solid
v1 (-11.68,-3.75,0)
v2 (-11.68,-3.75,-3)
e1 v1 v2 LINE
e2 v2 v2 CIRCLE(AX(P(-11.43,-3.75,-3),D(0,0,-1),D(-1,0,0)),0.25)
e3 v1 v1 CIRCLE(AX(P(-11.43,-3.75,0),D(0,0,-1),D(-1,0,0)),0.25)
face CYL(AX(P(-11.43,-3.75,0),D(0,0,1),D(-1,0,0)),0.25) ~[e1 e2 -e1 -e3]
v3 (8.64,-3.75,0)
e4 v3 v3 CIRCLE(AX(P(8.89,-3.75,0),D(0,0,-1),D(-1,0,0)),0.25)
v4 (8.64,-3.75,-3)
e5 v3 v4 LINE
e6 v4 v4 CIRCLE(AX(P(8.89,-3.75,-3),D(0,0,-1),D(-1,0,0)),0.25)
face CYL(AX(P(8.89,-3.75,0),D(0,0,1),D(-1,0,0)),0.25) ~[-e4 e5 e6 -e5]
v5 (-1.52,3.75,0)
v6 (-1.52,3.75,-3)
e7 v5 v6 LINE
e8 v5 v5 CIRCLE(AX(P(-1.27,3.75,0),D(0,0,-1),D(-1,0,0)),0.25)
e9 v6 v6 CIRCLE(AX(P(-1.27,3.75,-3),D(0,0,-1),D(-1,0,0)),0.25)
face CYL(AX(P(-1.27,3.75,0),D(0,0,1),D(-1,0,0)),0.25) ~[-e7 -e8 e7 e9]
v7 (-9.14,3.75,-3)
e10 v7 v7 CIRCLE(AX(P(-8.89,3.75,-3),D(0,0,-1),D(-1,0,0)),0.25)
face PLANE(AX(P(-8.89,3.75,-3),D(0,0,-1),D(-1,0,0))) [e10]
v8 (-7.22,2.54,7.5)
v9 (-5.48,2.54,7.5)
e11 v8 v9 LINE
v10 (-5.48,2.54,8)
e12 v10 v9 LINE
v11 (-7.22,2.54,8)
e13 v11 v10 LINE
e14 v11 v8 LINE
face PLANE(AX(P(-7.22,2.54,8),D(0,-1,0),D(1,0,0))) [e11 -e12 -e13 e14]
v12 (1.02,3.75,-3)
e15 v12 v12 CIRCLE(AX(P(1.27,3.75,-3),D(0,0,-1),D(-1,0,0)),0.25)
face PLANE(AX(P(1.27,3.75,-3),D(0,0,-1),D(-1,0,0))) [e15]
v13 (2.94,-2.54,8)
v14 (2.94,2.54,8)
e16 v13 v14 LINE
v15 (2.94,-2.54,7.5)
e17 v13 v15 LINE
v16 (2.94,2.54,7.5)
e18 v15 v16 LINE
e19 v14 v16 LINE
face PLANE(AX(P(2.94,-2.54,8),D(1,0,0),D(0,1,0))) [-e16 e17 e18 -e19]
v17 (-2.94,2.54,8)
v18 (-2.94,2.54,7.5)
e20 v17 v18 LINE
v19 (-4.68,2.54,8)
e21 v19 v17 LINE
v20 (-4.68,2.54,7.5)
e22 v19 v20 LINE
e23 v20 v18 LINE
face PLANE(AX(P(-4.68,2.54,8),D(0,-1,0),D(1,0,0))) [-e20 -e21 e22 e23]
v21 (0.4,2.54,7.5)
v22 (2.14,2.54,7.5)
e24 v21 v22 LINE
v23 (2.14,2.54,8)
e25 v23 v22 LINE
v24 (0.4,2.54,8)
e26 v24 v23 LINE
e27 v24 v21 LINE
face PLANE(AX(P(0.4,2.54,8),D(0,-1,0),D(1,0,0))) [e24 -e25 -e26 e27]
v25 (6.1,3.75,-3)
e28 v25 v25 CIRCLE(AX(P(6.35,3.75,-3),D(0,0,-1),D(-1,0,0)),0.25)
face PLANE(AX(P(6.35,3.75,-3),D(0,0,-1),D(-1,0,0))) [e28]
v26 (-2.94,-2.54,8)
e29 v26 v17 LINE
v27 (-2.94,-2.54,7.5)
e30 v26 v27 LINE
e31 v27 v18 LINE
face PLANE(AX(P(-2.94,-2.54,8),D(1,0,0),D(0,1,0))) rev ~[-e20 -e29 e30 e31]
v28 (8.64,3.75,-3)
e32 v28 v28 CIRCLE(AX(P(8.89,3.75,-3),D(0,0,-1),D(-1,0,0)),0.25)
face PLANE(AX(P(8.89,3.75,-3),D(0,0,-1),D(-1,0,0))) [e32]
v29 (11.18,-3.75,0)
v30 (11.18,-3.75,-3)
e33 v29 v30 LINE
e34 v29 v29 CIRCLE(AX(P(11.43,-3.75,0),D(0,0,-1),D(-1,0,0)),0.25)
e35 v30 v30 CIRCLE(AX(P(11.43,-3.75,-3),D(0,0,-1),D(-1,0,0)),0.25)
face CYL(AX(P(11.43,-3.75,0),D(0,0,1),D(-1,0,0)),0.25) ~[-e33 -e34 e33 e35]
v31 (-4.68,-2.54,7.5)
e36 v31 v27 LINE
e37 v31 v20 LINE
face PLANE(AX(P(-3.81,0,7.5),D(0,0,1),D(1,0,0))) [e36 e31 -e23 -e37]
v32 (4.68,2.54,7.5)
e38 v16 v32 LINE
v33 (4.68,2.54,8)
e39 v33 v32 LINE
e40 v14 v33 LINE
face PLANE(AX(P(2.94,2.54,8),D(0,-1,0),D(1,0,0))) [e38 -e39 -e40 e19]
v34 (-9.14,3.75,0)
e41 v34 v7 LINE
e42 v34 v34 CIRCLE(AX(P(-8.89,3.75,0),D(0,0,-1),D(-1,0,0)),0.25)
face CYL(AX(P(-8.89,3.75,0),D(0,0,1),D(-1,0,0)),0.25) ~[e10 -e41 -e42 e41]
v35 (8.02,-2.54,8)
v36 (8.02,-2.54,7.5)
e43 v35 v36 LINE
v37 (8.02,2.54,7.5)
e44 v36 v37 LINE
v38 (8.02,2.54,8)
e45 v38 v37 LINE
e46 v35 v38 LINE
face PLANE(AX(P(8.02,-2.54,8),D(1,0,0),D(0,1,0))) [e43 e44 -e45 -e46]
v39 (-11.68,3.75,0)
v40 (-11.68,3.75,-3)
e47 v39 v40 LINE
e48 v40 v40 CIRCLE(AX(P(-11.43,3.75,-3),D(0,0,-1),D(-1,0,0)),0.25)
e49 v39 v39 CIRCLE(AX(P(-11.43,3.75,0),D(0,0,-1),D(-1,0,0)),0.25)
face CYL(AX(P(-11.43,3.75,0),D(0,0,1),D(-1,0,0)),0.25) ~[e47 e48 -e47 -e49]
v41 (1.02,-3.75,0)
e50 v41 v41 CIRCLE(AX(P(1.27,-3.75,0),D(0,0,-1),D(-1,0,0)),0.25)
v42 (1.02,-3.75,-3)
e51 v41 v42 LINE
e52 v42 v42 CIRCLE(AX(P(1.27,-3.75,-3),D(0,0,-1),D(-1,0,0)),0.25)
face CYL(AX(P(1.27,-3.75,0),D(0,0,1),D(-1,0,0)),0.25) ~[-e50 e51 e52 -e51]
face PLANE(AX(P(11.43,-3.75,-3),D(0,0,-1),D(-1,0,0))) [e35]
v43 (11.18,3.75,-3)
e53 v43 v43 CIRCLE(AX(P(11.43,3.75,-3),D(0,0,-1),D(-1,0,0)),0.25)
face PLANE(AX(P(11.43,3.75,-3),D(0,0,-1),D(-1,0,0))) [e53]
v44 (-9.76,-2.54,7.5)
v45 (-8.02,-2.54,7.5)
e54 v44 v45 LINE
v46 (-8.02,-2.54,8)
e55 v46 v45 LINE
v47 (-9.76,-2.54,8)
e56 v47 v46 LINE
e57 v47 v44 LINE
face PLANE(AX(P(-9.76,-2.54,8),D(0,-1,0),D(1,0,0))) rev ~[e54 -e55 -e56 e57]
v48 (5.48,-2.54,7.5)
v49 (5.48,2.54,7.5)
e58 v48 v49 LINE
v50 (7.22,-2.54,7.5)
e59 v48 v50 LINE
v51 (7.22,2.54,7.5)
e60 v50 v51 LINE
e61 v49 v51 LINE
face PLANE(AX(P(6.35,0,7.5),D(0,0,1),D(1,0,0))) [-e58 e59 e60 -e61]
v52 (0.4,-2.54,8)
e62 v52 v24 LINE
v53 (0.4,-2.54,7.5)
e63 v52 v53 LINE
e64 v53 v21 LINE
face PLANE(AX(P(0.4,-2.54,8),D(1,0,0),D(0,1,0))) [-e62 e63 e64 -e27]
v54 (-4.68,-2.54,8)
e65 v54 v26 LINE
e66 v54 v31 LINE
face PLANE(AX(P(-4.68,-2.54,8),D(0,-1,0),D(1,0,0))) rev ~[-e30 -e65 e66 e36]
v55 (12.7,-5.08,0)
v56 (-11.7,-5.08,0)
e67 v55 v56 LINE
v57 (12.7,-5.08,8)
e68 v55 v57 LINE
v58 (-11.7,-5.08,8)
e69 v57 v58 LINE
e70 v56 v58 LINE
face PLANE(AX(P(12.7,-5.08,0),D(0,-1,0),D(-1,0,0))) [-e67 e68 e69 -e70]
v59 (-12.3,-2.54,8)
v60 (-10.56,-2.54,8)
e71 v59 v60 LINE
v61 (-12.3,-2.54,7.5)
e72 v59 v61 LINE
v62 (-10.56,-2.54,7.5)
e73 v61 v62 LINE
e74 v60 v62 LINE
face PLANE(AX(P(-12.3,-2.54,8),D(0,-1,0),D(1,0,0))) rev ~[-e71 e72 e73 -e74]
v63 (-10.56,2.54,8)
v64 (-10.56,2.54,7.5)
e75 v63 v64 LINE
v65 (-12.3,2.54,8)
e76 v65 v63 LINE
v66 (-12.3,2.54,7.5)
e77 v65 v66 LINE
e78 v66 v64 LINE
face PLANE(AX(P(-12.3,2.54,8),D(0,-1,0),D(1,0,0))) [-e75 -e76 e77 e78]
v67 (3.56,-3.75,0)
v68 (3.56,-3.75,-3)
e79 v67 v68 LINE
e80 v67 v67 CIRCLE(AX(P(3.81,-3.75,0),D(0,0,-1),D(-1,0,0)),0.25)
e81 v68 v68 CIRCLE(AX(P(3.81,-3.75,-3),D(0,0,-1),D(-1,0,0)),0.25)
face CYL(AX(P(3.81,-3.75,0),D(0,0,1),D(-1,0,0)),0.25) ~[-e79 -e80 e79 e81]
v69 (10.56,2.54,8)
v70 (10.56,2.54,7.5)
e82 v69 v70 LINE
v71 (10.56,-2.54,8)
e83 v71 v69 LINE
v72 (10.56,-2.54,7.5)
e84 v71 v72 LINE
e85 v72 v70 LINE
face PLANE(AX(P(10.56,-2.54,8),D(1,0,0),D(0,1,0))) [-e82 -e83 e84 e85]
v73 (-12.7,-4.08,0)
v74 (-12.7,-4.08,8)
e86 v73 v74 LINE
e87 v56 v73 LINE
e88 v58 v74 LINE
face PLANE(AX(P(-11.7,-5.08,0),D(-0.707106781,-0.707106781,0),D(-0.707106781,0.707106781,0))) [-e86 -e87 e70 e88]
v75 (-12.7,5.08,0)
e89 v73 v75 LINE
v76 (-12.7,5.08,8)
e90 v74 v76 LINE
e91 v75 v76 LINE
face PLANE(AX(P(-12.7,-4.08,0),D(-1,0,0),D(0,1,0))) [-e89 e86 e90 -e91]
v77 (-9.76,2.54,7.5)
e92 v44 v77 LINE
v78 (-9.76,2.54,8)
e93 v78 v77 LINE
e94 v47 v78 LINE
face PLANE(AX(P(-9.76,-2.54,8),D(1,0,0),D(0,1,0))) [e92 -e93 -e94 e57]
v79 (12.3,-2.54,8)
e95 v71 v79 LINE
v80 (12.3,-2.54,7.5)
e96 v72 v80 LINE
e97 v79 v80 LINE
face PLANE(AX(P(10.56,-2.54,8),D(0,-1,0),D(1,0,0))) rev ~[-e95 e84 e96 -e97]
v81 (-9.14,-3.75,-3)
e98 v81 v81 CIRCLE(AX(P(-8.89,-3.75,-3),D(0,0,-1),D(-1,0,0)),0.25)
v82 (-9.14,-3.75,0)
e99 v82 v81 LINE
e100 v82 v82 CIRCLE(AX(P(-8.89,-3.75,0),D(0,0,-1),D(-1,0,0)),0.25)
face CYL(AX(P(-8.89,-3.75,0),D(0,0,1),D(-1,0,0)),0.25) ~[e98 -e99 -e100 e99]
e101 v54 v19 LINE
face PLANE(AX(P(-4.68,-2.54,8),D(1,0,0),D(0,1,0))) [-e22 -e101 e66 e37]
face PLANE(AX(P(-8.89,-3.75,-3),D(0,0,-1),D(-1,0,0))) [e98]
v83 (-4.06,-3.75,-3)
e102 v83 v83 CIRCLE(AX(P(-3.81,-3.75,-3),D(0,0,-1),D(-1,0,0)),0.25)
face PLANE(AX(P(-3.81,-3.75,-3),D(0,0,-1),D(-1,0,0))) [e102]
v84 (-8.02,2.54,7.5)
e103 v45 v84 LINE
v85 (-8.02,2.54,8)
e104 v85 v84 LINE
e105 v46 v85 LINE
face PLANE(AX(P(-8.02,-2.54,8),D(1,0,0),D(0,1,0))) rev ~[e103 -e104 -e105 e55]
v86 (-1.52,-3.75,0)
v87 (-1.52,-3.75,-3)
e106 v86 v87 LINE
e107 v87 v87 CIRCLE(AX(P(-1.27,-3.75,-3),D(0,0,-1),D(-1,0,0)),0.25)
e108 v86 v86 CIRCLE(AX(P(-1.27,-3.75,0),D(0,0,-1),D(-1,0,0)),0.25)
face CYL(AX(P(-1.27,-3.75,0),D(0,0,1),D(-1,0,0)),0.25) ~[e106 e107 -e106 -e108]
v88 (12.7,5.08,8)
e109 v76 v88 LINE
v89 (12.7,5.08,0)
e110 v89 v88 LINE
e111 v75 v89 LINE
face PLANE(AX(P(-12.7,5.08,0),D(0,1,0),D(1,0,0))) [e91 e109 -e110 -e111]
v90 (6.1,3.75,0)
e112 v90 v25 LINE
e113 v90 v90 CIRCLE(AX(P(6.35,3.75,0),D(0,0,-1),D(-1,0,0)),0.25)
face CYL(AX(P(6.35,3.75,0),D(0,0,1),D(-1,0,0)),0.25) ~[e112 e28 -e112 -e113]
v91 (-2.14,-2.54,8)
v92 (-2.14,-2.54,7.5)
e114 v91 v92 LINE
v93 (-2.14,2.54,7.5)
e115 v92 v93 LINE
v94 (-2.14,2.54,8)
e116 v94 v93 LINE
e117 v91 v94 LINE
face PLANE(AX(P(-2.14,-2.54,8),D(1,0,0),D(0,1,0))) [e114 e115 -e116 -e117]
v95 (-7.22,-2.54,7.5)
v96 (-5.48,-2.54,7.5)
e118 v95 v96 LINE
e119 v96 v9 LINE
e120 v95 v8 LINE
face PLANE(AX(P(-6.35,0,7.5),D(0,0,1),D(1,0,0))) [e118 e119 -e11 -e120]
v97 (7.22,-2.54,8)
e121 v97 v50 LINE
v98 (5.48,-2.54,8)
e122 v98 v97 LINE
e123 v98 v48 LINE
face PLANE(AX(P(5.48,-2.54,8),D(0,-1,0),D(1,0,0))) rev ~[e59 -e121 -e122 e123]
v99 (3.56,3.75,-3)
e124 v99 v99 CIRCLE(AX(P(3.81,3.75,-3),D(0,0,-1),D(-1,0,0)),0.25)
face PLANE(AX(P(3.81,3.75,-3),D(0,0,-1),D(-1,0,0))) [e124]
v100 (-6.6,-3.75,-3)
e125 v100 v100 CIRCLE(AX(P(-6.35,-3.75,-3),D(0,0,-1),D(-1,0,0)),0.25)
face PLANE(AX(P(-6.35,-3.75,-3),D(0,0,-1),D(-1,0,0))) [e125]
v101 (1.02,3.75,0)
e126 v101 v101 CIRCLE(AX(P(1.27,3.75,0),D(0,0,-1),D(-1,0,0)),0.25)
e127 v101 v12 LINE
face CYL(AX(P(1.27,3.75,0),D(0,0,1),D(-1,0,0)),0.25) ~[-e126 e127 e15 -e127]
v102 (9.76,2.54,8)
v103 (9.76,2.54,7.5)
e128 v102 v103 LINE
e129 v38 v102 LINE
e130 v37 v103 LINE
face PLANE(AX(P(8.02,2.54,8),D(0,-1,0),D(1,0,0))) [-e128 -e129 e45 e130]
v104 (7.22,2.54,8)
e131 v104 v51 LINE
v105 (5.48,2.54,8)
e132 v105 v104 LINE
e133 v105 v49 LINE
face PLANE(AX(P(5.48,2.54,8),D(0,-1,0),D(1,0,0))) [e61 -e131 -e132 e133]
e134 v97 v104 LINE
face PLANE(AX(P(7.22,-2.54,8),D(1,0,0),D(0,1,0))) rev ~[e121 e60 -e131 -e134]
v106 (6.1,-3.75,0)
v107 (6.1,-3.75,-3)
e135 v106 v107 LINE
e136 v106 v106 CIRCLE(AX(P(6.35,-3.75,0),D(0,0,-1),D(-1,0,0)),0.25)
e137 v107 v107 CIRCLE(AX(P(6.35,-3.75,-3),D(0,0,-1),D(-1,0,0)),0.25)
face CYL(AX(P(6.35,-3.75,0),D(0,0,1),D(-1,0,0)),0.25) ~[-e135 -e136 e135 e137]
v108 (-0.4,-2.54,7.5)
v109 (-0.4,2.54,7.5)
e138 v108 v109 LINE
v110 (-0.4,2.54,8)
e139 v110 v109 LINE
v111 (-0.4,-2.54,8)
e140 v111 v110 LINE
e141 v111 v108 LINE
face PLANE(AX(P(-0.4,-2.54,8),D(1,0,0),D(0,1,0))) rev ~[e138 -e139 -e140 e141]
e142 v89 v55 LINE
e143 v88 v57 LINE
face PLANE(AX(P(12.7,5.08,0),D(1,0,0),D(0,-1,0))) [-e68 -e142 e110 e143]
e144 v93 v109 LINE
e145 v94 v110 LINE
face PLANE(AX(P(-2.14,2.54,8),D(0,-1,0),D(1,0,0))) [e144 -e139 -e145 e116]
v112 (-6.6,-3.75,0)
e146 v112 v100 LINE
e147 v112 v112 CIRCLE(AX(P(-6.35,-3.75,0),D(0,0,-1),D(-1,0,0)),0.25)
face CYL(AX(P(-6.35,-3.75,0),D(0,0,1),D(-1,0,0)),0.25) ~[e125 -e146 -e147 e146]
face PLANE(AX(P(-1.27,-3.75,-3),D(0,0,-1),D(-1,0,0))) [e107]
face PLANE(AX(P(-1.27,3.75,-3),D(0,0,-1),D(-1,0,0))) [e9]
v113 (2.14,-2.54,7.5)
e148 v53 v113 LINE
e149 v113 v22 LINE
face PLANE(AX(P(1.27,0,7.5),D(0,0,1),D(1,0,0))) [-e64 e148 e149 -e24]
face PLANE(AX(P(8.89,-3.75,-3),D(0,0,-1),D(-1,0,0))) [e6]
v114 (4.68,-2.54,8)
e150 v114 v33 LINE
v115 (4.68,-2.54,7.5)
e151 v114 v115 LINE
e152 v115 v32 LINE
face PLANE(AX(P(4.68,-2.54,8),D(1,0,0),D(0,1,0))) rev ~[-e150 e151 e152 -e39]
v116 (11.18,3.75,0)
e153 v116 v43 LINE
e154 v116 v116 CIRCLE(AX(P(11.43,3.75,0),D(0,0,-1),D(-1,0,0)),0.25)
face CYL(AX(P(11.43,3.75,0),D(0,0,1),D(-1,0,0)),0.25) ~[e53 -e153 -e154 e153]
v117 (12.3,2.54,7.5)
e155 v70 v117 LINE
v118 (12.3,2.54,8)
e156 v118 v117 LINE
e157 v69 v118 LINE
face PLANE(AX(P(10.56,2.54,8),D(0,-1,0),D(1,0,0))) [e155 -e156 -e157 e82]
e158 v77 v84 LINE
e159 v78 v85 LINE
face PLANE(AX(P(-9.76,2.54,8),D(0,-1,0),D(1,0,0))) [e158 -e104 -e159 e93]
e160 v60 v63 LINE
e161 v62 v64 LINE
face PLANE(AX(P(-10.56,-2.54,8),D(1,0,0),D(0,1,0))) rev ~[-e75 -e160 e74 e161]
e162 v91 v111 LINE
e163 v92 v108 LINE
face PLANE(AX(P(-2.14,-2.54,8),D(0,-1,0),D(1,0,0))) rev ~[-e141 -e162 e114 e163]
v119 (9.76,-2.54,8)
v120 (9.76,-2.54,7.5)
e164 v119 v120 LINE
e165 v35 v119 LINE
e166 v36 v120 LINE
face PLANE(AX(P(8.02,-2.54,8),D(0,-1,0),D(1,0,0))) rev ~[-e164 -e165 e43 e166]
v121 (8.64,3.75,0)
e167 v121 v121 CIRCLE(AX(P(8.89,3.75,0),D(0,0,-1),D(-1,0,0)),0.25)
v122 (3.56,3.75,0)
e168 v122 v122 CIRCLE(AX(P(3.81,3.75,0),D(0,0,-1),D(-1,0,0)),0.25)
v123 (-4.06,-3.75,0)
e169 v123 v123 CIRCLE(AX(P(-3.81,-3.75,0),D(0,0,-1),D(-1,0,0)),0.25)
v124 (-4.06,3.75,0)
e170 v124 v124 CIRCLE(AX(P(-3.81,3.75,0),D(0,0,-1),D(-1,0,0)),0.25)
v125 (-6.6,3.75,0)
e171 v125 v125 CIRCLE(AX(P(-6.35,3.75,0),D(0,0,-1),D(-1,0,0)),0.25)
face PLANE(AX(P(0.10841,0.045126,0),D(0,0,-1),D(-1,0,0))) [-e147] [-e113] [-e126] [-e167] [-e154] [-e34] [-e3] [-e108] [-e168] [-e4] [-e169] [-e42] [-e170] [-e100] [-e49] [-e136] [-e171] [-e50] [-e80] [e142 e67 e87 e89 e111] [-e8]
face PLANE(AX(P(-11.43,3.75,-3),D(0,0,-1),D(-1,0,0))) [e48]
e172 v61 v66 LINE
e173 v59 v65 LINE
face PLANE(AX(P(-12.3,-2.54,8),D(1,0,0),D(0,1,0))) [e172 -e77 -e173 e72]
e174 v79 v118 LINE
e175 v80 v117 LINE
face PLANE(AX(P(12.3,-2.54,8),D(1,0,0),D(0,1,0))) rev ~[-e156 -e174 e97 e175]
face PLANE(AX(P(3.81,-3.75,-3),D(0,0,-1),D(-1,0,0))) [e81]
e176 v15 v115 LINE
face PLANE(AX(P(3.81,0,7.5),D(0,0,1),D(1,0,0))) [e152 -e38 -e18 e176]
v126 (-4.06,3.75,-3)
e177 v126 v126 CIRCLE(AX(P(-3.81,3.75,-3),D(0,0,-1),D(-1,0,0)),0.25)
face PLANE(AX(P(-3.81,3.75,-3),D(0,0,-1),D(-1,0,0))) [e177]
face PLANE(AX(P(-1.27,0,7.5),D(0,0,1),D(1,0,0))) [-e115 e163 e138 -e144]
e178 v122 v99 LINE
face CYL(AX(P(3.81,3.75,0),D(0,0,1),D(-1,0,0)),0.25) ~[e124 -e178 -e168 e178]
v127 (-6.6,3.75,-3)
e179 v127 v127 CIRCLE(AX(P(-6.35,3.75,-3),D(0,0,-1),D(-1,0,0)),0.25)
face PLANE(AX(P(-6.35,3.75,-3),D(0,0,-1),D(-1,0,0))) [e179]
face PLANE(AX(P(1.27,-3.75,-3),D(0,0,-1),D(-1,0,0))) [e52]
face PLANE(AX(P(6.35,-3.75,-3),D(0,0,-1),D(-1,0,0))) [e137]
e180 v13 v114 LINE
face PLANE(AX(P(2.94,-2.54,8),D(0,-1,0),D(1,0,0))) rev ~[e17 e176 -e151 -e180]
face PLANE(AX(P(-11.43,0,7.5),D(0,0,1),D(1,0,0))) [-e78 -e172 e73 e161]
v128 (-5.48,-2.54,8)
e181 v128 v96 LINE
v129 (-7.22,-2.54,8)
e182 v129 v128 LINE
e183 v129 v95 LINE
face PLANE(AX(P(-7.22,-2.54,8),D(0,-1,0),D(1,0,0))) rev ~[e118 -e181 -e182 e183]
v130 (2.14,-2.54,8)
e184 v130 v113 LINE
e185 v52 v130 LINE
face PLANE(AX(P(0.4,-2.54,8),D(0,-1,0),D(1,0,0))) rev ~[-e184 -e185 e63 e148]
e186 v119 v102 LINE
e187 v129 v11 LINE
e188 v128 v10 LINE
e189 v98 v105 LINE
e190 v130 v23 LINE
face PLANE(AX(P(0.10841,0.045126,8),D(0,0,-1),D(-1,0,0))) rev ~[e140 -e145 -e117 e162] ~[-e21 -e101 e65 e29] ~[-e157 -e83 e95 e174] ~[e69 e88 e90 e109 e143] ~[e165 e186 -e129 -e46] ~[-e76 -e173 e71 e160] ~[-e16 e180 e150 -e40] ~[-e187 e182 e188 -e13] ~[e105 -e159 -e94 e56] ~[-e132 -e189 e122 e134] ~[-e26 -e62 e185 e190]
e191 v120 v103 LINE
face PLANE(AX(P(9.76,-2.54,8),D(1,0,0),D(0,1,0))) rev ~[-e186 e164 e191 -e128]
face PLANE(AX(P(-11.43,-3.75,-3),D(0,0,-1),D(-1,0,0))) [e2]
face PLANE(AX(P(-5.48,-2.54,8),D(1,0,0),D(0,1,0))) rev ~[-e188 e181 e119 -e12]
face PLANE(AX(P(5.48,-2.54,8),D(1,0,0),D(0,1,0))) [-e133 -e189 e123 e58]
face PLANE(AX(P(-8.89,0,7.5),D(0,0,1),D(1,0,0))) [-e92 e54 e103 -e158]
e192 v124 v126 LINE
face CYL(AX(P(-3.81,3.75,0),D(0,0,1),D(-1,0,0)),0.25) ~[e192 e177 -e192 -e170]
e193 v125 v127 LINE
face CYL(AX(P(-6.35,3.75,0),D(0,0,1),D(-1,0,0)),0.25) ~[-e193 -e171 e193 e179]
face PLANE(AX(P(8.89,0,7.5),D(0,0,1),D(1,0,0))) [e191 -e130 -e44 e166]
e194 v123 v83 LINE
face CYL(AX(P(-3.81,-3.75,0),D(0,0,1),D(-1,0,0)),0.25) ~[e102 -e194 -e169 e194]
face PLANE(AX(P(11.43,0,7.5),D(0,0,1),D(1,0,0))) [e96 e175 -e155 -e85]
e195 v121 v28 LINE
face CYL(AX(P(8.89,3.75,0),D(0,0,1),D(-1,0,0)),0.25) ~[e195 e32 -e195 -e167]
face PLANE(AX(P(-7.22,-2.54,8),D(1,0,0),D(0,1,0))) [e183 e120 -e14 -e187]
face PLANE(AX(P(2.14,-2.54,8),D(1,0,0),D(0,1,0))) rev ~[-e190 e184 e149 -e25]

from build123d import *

# Parameters (mm, degrees)
SALIENTE_EXTRUIR1_DEPTH = 8
CROQUIS3_R              = 0.25
SALIENTE_EXTRUIR2_DEPTH = 3
MATRIZL1_COUNT          = 2
MATRIZL1_PITCH          = 12.7
MATRIZL1_COUNT_DIR2     = 2
MATRIZL1_PITCH_DIR2     = 7.5
CROQUIS4_W              = 1.74
CROQUIS4_H              = 5.08
CORTAR_EXTRUIR1_DEPTH   = 0.5
MATRIZL2_COUNT          = 10
MATRIZL2_PITCH          = 2.54


with BuildPart() as part:
    # Croquis1 → Saliente-Extruir1 (new body)
    with BuildSketch(Plane.XY):
        Polygon((-11.7, -5.08), (-12.7, -4.08), (-12.7, 5.08), (12.7, 5.08), (12.7, -5.08), align=None)
    extrude(amount=SALIENTE_EXTRUIR1_DEPTH)

    # Croquis3 → Saliente-Extruir2 (add)
    with BuildSketch(Plane(origin=(0, 0, 0), x_dir=(-1, 0, 0), z_dir=(0, 0, -1))):
        with Locations((-11.43, 3.75)):
            Circle(CROQUIS3_R)
        with Locations((-8.89, 3.75)):
            Circle(CROQUIS3_R)
        with Locations((-6.35, 3.75)):
            Circle(CROQUIS3_R)
        with Locations((-3.81, 3.75)):
            Circle(CROQUIS3_R)
        with Locations((-1.27, 3.75)):
            Circle(CROQUIS3_R)
    saliente_extruir2 = extrude(amount=SALIENTE_EXTRUIR2_DEPTH)

    # MatrizL1: Saliente-Extruir2 2 × 2
    with Locations(*[(-i * MATRIZL1_PITCH, -j * MATRIZL1_PITCH_DIR2, 0) for i in range(MATRIZL1_COUNT) for j in range(MATRIZL1_COUNT_DIR2) if (i, j) != (0, 0)]):
        add(saliente_extruir2)

    # Croquis4 → Cortar-Extruir1 (cut)
    with BuildSketch(Plane.XY.offset(8)):
        with Locations((11.43, 0)):
            Rectangle(CROQUIS4_W, CROQUIS4_H)
    cortar_extruir1 = extrude(amount=-CORTAR_EXTRUIR1_DEPTH, mode=Mode.SUBTRACT)

    # MatrizL2: Cortar-Extruir1 ×10
    with Locations(*[(-i * MATRIZL2_PITCH, 0, 0) for i in range(1, MATRIZL2_COUNT)]):
        add(cortar_extruir1, mode=Mode.SUBTRACT)


solid = part.part
